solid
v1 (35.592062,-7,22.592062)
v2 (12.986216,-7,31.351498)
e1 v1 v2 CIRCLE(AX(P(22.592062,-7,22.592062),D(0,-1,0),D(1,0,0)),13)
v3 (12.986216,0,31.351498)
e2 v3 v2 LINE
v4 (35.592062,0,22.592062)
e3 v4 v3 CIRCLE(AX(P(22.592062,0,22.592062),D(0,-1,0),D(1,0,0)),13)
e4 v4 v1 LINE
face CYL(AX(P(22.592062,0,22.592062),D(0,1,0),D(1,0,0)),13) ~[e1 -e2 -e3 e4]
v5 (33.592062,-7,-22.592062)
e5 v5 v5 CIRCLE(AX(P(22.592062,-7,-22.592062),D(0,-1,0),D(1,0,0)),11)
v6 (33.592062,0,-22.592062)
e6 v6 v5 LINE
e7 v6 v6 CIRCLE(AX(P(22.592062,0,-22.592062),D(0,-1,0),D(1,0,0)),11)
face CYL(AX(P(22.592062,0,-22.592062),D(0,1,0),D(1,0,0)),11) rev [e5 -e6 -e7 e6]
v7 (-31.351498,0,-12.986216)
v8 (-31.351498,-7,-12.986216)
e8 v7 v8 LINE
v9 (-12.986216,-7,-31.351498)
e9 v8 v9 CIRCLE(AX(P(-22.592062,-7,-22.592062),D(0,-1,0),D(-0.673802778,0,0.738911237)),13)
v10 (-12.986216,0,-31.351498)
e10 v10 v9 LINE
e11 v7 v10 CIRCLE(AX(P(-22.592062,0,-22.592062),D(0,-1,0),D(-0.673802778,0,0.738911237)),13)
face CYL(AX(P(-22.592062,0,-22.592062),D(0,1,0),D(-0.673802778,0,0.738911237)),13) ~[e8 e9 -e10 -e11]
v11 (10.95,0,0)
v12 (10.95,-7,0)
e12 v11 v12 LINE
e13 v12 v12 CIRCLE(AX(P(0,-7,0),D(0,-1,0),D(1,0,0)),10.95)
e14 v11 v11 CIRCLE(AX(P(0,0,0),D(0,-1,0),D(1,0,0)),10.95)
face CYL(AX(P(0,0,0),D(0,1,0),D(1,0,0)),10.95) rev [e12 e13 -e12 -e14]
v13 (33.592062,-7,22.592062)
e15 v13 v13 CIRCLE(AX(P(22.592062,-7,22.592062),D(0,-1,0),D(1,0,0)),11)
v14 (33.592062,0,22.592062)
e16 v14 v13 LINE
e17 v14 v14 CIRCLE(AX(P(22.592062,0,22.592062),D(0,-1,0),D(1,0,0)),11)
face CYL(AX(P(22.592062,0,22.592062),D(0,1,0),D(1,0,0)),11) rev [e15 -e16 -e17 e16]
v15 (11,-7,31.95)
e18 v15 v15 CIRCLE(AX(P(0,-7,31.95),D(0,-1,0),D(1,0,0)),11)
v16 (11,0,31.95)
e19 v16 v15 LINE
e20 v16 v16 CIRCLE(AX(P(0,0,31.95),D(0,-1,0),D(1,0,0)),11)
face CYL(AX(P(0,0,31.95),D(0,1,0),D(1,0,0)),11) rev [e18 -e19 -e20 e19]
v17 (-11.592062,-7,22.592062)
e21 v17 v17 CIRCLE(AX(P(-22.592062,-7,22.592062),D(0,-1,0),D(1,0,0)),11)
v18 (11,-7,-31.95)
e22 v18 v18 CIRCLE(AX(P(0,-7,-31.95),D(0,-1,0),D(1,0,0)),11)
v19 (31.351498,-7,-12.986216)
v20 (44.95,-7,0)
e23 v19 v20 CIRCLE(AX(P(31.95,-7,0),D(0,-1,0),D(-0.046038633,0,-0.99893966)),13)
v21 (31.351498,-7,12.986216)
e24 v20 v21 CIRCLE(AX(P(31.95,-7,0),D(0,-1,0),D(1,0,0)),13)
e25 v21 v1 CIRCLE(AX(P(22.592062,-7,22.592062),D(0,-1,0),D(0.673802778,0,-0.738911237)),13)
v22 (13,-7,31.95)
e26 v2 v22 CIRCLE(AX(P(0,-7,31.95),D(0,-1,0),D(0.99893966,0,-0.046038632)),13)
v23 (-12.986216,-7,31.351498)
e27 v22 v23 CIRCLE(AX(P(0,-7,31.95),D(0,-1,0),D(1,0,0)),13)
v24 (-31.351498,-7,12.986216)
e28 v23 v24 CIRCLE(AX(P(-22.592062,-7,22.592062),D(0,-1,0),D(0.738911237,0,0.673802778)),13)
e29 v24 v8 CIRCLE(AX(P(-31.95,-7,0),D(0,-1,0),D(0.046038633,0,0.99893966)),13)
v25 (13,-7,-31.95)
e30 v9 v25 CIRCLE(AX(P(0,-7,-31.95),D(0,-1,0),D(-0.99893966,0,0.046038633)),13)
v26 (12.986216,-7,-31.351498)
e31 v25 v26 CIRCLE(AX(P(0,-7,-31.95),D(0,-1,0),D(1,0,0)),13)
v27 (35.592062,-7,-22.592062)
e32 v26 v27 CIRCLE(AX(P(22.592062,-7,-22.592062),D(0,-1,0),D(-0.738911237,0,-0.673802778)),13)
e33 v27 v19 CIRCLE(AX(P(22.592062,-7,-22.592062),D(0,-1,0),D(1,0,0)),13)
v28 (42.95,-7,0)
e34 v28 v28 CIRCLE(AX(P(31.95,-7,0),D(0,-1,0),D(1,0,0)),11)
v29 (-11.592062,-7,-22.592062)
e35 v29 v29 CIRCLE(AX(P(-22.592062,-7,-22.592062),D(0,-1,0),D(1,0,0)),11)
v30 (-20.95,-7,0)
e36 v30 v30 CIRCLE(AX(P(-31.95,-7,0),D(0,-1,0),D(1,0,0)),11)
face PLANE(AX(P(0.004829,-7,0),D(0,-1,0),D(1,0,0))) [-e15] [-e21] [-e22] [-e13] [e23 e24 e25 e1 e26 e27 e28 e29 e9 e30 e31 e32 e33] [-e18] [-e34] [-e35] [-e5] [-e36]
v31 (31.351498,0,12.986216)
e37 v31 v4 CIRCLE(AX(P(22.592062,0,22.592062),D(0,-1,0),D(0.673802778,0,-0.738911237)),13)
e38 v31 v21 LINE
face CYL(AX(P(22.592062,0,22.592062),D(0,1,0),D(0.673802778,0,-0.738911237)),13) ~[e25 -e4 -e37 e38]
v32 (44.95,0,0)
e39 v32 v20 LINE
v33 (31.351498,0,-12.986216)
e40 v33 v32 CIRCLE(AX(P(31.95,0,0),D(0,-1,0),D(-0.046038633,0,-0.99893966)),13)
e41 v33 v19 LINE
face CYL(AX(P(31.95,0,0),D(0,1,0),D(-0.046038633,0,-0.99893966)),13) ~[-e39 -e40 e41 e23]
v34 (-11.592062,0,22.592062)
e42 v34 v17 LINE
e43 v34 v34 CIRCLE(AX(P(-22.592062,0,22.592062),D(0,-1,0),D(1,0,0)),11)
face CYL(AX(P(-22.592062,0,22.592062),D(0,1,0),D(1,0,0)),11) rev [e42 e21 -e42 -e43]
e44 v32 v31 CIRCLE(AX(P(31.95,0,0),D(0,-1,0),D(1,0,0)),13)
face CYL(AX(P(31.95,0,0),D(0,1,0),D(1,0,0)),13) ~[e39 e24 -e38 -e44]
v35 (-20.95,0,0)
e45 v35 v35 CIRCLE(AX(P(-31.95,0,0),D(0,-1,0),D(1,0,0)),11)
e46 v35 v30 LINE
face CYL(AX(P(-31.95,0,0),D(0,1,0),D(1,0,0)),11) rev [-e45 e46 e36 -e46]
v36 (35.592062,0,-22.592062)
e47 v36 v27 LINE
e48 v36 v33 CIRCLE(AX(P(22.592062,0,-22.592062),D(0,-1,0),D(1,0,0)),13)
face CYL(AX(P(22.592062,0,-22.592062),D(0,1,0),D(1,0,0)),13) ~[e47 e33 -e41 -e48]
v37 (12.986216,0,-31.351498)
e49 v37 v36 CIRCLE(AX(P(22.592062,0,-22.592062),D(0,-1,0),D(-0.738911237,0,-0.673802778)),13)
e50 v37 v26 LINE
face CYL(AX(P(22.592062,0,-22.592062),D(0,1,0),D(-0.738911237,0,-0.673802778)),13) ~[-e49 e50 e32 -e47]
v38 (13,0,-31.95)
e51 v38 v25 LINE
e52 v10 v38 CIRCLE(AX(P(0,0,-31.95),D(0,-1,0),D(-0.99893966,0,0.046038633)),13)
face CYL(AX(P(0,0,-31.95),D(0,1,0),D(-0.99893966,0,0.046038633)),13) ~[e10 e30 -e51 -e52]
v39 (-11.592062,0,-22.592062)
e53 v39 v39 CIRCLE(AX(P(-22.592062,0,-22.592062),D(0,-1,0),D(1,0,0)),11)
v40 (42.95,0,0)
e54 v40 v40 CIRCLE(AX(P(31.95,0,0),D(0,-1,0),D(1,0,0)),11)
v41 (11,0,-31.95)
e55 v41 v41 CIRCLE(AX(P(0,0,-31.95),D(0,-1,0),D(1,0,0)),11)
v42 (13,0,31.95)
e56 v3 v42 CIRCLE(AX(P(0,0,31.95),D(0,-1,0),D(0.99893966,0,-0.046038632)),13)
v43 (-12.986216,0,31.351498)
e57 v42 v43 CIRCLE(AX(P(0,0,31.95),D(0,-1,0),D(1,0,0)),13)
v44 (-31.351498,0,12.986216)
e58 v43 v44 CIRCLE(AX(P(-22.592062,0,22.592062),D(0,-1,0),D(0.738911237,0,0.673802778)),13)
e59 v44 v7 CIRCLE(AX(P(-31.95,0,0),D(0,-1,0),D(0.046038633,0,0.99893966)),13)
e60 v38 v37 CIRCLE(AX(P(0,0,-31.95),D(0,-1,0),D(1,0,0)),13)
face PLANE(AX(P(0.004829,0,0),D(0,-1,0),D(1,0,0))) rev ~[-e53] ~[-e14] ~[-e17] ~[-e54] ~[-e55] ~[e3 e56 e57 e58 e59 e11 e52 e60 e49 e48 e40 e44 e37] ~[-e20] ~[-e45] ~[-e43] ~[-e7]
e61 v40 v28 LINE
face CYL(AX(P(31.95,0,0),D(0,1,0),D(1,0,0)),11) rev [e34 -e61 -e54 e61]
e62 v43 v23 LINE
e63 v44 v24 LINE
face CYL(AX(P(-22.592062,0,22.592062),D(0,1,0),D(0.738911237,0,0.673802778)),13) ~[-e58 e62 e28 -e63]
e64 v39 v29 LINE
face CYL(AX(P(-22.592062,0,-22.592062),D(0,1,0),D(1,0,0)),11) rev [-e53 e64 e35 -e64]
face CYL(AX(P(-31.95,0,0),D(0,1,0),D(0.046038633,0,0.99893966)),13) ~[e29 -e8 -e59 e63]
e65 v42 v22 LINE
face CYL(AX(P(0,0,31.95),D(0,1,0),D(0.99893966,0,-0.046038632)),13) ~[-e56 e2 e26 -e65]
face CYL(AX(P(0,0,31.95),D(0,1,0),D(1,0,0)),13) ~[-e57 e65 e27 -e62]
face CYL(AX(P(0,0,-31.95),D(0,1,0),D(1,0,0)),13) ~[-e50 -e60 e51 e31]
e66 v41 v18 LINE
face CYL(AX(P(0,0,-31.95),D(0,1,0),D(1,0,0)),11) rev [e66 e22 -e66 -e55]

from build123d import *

# Parameters (mm, degrees)
F0_R     = 12.95
F0_R_2   = 10.95
F0_R_3   = 11
F1_DEPTH = 7


with BuildPart() as f1:
    # F0 (on Front) → F1 (new body)
    with BuildSketch(Plane.XZ):
        with BuildLine():
            ThreePointArc((9.605846079, 23.1905638819), (0, 18.95), (-9.605846079, 23.1905638819))
            ThreePointArc((-9.605846079, 23.1905638819), (-9.5955082208, 22.8913921289), (-9.5920616589, 22.5920616589))
            ThreePointArc((-9.5920616589, 22.5920616589), (-13.6137691959, 13.1904519856), (-23.1905638819, 9.605846079))
            ThreePointArc((-23.1905638819, 9.605846079), (-20.057299097, 5.2501109733), (-18.95, 0))
            ThreePointArc((-18.95, 0), (-20.057299097, -5.2501109733), (-23.1905638819, -9.605846079))
            ThreePointArc((-23.1905638819, -9.605846079), (-13.6137691959, -13.1904519856), (-9.5920616589, -22.5920616589))
            ThreePointArc((-9.5920616589, -22.5920616589), (-9.5955082208, -22.8913921289), (-9.605846079, -23.1905638819))
            ThreePointArc((-9.605846079, -23.1905638819), (0, -18.95), (9.605846079, -23.1905638819))
            ThreePointArc((9.605846079, -23.1905638819), (13.3996735035, -13.3996735035), (23.1905638819, -9.605846079))
            ThreePointArc((23.1905638819, -9.605846079), (18.95, 0), (23.1905638819, 9.605846079))
            ThreePointArc((23.1905638819, 9.605846079), (13.3996735035, 13.3996735035), (9.605846079, 23.1905638819))
        make_face()
        Circle(F0_R, mode=Mode.SUBTRACT)
        Circle(F0_R)
        Circle(F0_R_2, mode=Mode.SUBTRACT)
        with BuildLine():
            ThreePointArc((12.98621558, 31.351497777), (12.9965534381, 31.65066953), (13, 31.95))
            ThreePointArc((13, 31.95), (-0.29933047, 44.9465534381), (-12.98621558, 31.351497777))
            ThreePointArc((-12.98621558, 31.351497777), (-10.5816277363, 27.5669462797), (-9.605846079, 23.1905638819))
            ThreePointArc((-9.605846079, 23.1905638819), (0, 18.95), (9.605846079, 23.1905638819))
            ThreePointArc((9.605846079, 23.1905638819), (10.5816277363, 27.5669462797), (12.98621558, 31.351497777))
        make_face()
        with Locations((0, 31.95)):
            Circle(F0_R_3, mode=Mode.SUBTRACT)
        with BuildLine():
            ThreePointArc((-9.605846079, 23.1905638819), (-12.0104339226, 26.9751153793), (-12.98621558, 31.351497777))
            ThreePointArc((-12.98621558, 31.351497777), (-31.7844498143, 31.7844498143), (-31.351497777, 12.98621558))
            ThreePointArc((-31.351497777, 12.98621558), (-26.9751153793, 12.0104339226), (-23.1905638819, 9.605846079))
            ThreePointArc((-23.1905638819, 9.605846079), (-13.6137691959, 13.1904519856), (-9.5920616589, 22.5920616589))
            ThreePointArc((-9.5920616589, 22.5920616589), (-9.5955082208, 22.8913921289), (-9.605846079, 23.1905638819))
        make_face()
        with Locations((-22.5920616589, 22.5920616589)):
            Circle(F0_R_3, mode=Mode.SUBTRACT)
        with BuildLine():
            ThreePointArc((35.5920616589, 22.5920616589), (27.2890820428, 34.7138601853), (12.98621558, 31.351497777))
            ThreePointArc((12.98621558, 31.351497777), (12.0104339226, 26.9751153793), (9.605846079, 23.1905638819))
            ThreePointArc((9.605846079, 23.1905638819), (13.3996735035, 13.3996735035), (23.1905638819, 9.605846079))
            ThreePointArc((23.1905638819, 9.605846079), (26.9751153793, 12.0104339226), (31.351497777, 12.98621558))
            ThreePointArc((31.351497777, 12.98621558), (34.4847625619, 17.3419506856), (35.5920616589, 22.5920616589))
        make_face()
        with Locations((22.5920616589, 22.5920616589)):
            Circle(F0_R_3, mode=Mode.SUBTRACT)
        with BuildLine():
            ThreePointArc((-23.1905638819, 9.605846079), (-27.5669462797, 10.5816277363), (-31.351497777, 12.98621558))
            ThreePointArc((-31.351497777, 12.98621558), (-44.95, 0), (-31.351497777, -12.98621558))
            ThreePointArc((-31.351497777, -12.98621558), (-27.5669462797, -10.5816277363), (-23.1905638819, -9.605846079))
            ThreePointArc((-23.1905638819, -9.605846079), (-20.057299097, -5.2501109733), (-18.95, 0))
            ThreePointArc((-18.95, 0), (-20.057299097, 5.2501109733), (-23.1905638819, 9.605846079))
        make_face()
        with Locations((-31.95, 0)):
            Circle(F0_R_3, mode=Mode.SUBTRACT)
        with BuildLine():
            ThreePointArc((-23.1905638819, -9.605846079), (-26.9751153793, -12.0104339226), (-31.351497777, -12.98621558))
            ThreePointArc((-31.351497777, -12.98621558), (-31.7844498143, -31.7844498143), (-12.98621558, -31.351497777))
            ThreePointArc((-12.98621558, -31.351497777), (-12.0104339226, -26.9751153793), (-9.605846079, -23.1905638819))
            ThreePointArc((-9.605846079, -23.1905638819), (-9.5955082208, -22.8913921289), (-9.5920616589, -22.5920616589))
            ThreePointArc((-9.5920616589, -22.5920616589), (-13.6137691959, -13.1904519856), (-23.1905638819, -9.605846079))
        make_face()
        with Locations((-22.5920616589, -22.5920616589)):
            Circle(F0_R_3, mode=Mode.SUBTRACT)
        with BuildLine():
            ThreePointArc((31.351497777, 12.98621558), (27.5669462797, 10.5816277363), (23.1905638819, 9.605846079))
            ThreePointArc((23.1905638819, 9.605846079), (18.95, 0), (23.1905638819, -9.605846079))
            ThreePointArc((23.1905638819, -9.605846079), (27.5669462797, -10.5816277363), (31.351497777, -12.98621558))
            ThreePointArc((31.351497777, -12.98621558), (40.928292463, -9.4016096733), (44.95, 0))
            ThreePointArc((44.95, 0), (40.928292463, 9.4016096733), (31.351497777, 12.98621558))
        make_face()
        with Locations((31.95, 0)):
            Circle(F0_R_3, mode=Mode.SUBTRACT)
        with BuildLine():
            ThreePointArc((-9.605846079, -23.1905638819), (-10.5816277363, -27.5669462797), (-12.98621558, -31.351497777))
            ThreePointArc((-12.98621558, -31.351497777), (-0.29933047, -44.9465534381), (13, -31.95))
            ThreePointArc((13, -31.95), (12.9965534381, -31.65066953), (12.98621558, -31.351497777))
            ThreePointArc((12.98621558, -31.351497777), (10.5816277363, -27.5669462797), (9.605846079, -23.1905638819))
            ThreePointArc((9.605846079, -23.1905638819), (0, -18.95), (-9.605846079, -23.1905638819))
        make_face()
        with Locations((0, -31.95)):
            Circle(F0_R_3, mode=Mode.SUBTRACT)
        with BuildLine():
            ThreePointArc((31.351497777, -12.98621558), (26.9751153793, -12.0104339226), (23.1905638819, -9.605846079))
            ThreePointArc((23.1905638819, -9.605846079), (13.3996735035, -13.3996735035), (9.605846079, -23.1905638819))
            ThreePointArc((9.605846079, -23.1905638819), (12.0104339226, -26.9751153793), (12.98621558, -31.351497777))
            ThreePointArc((12.98621558, -31.351497777), (27.2890820428, -34.7138601853), (35.5920616589, -22.5920616589))
            ThreePointArc((35.5920616589, -22.5920616589), (34.4847625619, -17.3419506856), (31.351497777, -12.98621558))
        make_face()
        with Locations((22.5920616589, -22.5920616589)):
            Circle(F0_R_3, mode=Mode.SUBTRACT)
        with BuildLine():
            ThreePointArc((-9.605846079, 23.1905638819), (-10.5816277363, 27.5669462797), (-12.98621558, 31.351497777))
            ThreePointArc((-12.98621558, 31.351497777), (-12.0104339226, 26.9751153793), (-9.605846079, 23.1905638819))
        make_face()
        with BuildLine():
            ThreePointArc((9.605846079, 23.1905638819), (12.0104339226, 26.9751153793), (12.98621558, 31.351497777))
            ThreePointArc((12.98621558, 31.351497777), (10.5816277363, 27.5669462797), (9.605846079, 23.1905638819))
        make_face()
        with BuildLine():
            ThreePointArc((-23.1905638819, 9.605846079), (-26.9751153793, 12.0104339226), (-31.351497777, 12.98621558))
            ThreePointArc((-31.351497777, 12.98621558), (-27.5669462797, 10.5816277363), (-23.1905638819, 9.605846079))
        make_face()
        with BuildLine():
            ThreePointArc((-23.1905638819, -9.605846079), (-27.5669462797, -10.5816277363), (-31.351497777, -12.98621558))
            ThreePointArc((-31.351497777, -12.98621558), (-26.9751153793, -12.0104339226), (-23.1905638819, -9.605846079))
        make_face()
        with BuildLine():
            ThreePointArc((31.351497777, 12.98621558), (26.9751153793, 12.0104339226), (23.1905638819, 9.605846079))
            ThreePointArc((23.1905638819, 9.605846079), (27.5669462797, 10.5816277363), (31.351497777, 12.98621558))
        make_face()
        with BuildLine():
            ThreePointArc((-9.605846079, -23.1905638819), (-12.0104339226, -26.9751153793), (-12.98621558, -31.351497777))
            ThreePointArc((-12.98621558, -31.351497777), (-10.5816277363, -27.5669462797), (-9.605846079, -23.1905638819))
        make_face()
        with BuildLine():
            ThreePointArc((31.351497777, -12.98621558), (27.5669462797, -10.5816277363), (23.1905638819, -9.605846079))
            ThreePointArc((23.1905638819, -9.605846079), (26.9751153793, -12.0104339226), (31.351497777, -12.98621558))
        make_face()
        with BuildLine():
            ThreePointArc((12.98621558, -31.351497777), (12.0104339226, -26.9751153793), (9.605846079, -23.1905638819))
            ThreePointArc((9.605846079, -23.1905638819), (10.5816277363, -27.5669462797), (12.98621558, -31.351497777))
        make_face()
    extrude(amount=F1_DEPTH)


solid = f1.part
